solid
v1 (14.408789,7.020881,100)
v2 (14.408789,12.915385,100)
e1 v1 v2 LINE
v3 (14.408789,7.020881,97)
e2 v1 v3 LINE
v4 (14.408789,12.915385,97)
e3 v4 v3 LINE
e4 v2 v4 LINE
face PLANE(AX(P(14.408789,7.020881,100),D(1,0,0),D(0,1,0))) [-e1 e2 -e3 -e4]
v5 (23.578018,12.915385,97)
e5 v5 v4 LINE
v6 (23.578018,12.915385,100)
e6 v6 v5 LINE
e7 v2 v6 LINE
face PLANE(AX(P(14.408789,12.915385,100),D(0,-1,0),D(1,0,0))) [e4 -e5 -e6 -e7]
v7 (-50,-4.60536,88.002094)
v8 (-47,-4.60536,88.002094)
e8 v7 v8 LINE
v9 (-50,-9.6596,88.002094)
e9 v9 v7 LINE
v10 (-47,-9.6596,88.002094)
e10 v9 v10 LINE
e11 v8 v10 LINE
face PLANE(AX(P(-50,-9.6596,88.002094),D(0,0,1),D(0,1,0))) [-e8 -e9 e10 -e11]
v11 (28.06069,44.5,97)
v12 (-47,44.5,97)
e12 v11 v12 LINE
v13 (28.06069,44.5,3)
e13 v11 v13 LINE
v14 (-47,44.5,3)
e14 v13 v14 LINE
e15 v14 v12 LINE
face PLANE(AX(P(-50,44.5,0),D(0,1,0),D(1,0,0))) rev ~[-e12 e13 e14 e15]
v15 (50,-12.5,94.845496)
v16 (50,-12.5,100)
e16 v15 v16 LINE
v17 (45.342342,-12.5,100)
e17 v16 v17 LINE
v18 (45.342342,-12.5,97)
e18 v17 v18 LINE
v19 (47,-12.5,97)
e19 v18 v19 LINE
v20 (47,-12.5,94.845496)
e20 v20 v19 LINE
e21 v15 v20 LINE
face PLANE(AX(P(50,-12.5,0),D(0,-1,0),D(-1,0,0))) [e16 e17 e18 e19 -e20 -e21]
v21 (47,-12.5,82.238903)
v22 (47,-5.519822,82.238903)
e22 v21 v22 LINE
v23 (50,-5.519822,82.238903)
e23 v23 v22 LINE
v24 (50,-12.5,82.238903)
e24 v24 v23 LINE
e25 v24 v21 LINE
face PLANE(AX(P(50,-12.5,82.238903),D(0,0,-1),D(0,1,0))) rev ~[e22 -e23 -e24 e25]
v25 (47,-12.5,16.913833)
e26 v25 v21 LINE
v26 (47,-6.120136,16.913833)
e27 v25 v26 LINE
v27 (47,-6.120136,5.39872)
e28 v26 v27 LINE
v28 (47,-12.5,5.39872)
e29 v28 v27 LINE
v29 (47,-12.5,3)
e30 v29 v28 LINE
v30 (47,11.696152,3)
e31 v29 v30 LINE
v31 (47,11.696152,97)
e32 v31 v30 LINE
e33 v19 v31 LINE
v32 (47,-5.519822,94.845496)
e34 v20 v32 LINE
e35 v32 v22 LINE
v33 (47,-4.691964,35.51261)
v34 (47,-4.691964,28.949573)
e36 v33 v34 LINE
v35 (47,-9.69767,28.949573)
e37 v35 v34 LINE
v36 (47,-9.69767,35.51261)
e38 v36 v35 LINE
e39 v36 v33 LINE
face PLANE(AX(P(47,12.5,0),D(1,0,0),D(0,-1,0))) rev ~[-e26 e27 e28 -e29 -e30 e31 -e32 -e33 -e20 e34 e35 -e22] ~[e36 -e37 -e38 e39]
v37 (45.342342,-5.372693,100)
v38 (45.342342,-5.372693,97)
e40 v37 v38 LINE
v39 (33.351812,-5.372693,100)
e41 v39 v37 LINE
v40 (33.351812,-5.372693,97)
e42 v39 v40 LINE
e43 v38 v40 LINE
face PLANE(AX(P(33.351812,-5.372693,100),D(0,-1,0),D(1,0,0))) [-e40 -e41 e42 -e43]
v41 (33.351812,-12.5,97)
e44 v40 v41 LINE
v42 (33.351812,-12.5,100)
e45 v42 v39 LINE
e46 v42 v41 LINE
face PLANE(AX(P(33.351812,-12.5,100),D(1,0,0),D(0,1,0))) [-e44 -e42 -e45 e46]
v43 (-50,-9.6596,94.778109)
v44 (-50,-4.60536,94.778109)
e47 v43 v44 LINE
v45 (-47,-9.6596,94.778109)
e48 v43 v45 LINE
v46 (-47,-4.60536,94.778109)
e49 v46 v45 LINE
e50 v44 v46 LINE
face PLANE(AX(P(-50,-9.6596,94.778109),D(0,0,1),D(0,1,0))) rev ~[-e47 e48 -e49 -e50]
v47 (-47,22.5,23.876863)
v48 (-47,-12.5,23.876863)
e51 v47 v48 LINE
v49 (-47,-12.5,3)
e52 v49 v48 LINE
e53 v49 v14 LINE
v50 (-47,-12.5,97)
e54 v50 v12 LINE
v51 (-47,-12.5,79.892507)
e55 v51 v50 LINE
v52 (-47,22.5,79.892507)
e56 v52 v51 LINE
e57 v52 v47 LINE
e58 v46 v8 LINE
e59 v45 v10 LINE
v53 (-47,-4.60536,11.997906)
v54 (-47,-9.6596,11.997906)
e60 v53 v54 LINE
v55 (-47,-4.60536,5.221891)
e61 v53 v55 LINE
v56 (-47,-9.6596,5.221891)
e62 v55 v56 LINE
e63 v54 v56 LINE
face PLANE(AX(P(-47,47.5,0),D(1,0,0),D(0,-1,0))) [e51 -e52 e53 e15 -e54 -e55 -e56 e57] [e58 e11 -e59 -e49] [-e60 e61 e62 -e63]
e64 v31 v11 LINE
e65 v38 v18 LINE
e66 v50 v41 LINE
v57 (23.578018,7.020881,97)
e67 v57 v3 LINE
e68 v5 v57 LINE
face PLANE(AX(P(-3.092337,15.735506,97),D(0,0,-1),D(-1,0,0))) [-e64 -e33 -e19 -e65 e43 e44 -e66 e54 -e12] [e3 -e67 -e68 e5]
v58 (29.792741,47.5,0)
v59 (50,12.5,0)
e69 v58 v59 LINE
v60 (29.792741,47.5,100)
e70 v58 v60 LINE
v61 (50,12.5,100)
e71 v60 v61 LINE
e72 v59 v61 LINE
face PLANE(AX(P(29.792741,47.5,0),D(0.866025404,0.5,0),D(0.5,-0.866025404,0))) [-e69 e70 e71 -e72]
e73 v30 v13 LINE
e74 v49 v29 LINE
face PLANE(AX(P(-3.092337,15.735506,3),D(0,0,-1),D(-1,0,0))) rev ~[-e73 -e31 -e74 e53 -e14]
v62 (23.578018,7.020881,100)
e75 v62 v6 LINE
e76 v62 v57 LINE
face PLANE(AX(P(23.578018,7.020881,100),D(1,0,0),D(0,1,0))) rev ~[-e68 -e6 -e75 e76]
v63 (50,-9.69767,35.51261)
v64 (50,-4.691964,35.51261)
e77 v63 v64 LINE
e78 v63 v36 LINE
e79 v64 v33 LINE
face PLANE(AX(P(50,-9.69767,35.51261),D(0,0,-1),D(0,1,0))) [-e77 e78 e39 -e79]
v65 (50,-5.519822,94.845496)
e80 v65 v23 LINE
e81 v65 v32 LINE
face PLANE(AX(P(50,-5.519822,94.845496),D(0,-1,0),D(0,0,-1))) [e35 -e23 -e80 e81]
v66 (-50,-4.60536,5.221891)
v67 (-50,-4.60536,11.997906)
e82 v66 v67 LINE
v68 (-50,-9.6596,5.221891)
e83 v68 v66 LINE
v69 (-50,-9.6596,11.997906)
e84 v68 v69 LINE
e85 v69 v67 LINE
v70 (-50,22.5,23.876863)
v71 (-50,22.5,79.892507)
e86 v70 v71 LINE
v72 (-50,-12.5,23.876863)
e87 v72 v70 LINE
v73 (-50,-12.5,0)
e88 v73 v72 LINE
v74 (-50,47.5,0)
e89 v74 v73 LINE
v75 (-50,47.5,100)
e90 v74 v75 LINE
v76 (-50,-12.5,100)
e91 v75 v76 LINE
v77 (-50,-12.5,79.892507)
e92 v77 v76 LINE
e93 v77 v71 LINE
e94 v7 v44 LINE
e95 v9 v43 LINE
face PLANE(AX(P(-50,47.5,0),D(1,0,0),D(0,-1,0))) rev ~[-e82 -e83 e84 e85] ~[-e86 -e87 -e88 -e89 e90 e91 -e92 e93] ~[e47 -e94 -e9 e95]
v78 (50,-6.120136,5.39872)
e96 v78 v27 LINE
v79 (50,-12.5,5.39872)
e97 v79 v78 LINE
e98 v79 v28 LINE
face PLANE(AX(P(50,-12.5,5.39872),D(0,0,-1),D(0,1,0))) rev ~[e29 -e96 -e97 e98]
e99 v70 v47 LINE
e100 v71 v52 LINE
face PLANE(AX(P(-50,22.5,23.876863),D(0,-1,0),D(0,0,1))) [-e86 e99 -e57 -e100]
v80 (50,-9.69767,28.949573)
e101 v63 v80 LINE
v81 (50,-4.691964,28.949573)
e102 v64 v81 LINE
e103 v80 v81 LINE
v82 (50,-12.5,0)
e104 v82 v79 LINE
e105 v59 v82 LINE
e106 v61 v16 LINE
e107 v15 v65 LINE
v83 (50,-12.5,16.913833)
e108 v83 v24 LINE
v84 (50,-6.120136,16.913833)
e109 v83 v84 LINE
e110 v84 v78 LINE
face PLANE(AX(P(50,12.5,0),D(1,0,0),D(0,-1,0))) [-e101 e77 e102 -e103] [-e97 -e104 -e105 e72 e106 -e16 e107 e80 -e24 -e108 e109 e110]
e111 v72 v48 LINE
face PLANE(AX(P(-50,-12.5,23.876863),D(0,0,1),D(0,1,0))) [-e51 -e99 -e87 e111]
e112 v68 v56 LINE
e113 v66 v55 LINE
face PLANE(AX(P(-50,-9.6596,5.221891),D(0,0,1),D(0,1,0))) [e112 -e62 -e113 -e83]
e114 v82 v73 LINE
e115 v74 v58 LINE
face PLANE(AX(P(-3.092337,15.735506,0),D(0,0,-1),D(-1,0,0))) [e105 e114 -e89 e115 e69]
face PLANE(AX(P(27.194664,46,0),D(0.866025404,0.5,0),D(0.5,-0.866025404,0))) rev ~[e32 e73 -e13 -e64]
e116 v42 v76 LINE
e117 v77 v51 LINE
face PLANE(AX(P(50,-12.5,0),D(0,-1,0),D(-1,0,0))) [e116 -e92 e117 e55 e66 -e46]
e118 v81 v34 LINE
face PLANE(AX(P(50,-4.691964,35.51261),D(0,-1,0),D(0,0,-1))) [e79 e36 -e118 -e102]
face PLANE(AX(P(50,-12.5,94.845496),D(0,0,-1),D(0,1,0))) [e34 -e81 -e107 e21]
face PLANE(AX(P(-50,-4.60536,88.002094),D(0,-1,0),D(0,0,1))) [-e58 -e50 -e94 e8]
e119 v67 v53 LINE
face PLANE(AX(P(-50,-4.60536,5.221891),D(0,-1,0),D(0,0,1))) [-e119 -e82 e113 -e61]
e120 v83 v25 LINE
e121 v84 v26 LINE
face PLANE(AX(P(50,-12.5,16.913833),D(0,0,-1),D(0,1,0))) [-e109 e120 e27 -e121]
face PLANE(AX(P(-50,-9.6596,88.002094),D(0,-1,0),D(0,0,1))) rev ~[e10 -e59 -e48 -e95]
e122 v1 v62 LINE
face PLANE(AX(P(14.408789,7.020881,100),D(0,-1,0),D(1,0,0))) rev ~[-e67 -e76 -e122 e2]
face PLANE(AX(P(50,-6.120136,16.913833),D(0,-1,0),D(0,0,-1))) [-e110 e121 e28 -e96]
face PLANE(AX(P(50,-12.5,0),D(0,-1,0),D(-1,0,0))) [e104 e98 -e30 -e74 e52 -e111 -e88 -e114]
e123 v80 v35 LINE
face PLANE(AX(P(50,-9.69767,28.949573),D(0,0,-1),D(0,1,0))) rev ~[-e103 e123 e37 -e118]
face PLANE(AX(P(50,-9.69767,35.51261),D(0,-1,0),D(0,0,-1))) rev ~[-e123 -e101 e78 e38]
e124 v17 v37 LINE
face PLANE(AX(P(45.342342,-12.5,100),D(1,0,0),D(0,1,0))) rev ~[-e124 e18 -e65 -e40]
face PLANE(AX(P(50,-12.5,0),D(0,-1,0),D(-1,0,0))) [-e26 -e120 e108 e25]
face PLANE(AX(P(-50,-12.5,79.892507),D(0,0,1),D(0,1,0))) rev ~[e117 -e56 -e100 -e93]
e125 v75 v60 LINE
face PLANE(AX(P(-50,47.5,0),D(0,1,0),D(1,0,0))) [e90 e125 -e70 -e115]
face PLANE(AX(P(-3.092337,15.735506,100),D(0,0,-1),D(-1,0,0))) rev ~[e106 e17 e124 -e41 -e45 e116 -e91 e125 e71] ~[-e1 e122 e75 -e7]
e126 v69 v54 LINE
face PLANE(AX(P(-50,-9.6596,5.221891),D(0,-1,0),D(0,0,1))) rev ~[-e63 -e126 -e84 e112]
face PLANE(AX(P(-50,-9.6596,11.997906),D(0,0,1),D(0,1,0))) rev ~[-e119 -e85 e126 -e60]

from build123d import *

# Parameters (mm, degrees)
BOSS_EXTRUDE1_DEPTH = 100
SHELL1_T            = -3
SKETCH2_W           = 56.015644735
SKETCH2_H           = 35
CUT_EXTRUDE1_DEPTH  = 10
SKETCH3_W           = 12.606592538
SKETCH3_H           = 6.980178381
SKETCH3_W_2         = 11.515112664
SKETCH3_H_2         = 6.37986445
CUT_EXTRUDE2_DEPTH  = 10
SKETCH4_W           = 9.169229256
SKETCH4_H           = 5.894504522
CUT_EXTRUDE3_DEPTH  = 10
SKETCH5_W           = 6.776014824
SKETCH5_H           = 5.054240566
CUT_EXTRUDE4_DEPTH  = 10
SKETCH6_W           = 11.990530565
SKETCH6_H           = 7.12730724
CUT_EXTRUDE5_DEPTH  = 10
SKETCH8_W           = 6.563036955
SKETCH8_H           = 5.005706152
CUT_EXTRUDE6_DEPTH  = 10


with BuildPart() as part:
    # Sketch1 → Boss-Extrude1 (new body)
    with BuildSketch(Plane.XY):
        Polygon((-50, 12.5), (-50, 47.5), (29.792740578, 47.5), (50, 12.5), (50, -12.5), (-50, -12.5), align=None)
    extrude(amount=BOSS_EXTRUDE1_DEPTH)

    # Shell1
    shell1_openings = [part.faces().sort_by_distance(p)[0] for p in [
        (0, -12.5, 50),
    ]]
    offset(amount=SHELL1_T, openings=shell1_openings, kind=Kind.INTERSECTION)

    # Sketch2 → Cut-Extrude1 (cut)
    with BuildSketch(Plane.ZY.offset(50)):
        with Locations((51.884685058, 5)):
            Rectangle(SKETCH2_W, SKETCH2_H)
    extrude(amount=-CUT_EXTRUDE1_DEPTH, mode=Mode.SUBTRACT)

    # Sketch3 → Cut-Extrude2 (cut)
    with BuildSketch(Plane(origin=(50, 0, 0), x_dir=(0, 0, -1), z_dir=(1, 0, 0))):
        with Locations((-88.542199405, -9.009910809)):
            Rectangle(SKETCH3_W, SKETCH3_H)
        with Locations((-11.156276384, -9.310067775)):
            Rectangle(SKETCH3_W_2, SKETCH3_H_2)
    extrude(amount=-CUT_EXTRUDE2_DEPTH, mode=Mode.SUBTRACT)

    # Sketch4 → Cut-Extrude3 (cut)
    with BuildSketch(Plane.XY.offset(100)):
        with Locations((18.993403459, 9.968133111)):
            Rectangle(SKETCH4_W, SKETCH4_H)
    extrude(amount=-CUT_EXTRUDE3_DEPTH, mode=Mode.SUBTRACT)

    # Sketch5 → Cut-Extrude4 (cut)
    with BuildSketch(Plane.ZY.offset(50)):
        with Locations((8.609898129, -7.132480119)):
            Rectangle(SKETCH5_W, SKETCH5_H)
        with Locations((91.390101871, -7.132480119)):
            Rectangle(SKETCH5_W, SKETCH5_H)
    extrude(amount=-CUT_EXTRUDE4_DEPTH, mode=Mode.SUBTRACT)

    # Sketch6 → Cut-Extrude5 (cut)
    with BuildSketch(Plane.XY.offset(100)):
        with Locations((39.347077193, -8.93634638)):
            Rectangle(SKETCH6_W, SKETCH6_H)
    extrude(amount=-CUT_EXTRUDE5_DEPTH, mode=Mode.SUBTRACT)

    # Sketch8 → Cut-Extrude6 (cut)
    with BuildSketch(Plane(origin=(50, 0, 0), x_dir=(0, 0, -1), z_dir=(1, 0, 0))):
        with Locations((-32.231091097, -7.194817018)):
            Rectangle(SKETCH8_W, SKETCH8_H)
    extrude(amount=-CUT_EXTRUDE6_DEPTH, mode=Mode.SUBTRACT)


solid = part.part
